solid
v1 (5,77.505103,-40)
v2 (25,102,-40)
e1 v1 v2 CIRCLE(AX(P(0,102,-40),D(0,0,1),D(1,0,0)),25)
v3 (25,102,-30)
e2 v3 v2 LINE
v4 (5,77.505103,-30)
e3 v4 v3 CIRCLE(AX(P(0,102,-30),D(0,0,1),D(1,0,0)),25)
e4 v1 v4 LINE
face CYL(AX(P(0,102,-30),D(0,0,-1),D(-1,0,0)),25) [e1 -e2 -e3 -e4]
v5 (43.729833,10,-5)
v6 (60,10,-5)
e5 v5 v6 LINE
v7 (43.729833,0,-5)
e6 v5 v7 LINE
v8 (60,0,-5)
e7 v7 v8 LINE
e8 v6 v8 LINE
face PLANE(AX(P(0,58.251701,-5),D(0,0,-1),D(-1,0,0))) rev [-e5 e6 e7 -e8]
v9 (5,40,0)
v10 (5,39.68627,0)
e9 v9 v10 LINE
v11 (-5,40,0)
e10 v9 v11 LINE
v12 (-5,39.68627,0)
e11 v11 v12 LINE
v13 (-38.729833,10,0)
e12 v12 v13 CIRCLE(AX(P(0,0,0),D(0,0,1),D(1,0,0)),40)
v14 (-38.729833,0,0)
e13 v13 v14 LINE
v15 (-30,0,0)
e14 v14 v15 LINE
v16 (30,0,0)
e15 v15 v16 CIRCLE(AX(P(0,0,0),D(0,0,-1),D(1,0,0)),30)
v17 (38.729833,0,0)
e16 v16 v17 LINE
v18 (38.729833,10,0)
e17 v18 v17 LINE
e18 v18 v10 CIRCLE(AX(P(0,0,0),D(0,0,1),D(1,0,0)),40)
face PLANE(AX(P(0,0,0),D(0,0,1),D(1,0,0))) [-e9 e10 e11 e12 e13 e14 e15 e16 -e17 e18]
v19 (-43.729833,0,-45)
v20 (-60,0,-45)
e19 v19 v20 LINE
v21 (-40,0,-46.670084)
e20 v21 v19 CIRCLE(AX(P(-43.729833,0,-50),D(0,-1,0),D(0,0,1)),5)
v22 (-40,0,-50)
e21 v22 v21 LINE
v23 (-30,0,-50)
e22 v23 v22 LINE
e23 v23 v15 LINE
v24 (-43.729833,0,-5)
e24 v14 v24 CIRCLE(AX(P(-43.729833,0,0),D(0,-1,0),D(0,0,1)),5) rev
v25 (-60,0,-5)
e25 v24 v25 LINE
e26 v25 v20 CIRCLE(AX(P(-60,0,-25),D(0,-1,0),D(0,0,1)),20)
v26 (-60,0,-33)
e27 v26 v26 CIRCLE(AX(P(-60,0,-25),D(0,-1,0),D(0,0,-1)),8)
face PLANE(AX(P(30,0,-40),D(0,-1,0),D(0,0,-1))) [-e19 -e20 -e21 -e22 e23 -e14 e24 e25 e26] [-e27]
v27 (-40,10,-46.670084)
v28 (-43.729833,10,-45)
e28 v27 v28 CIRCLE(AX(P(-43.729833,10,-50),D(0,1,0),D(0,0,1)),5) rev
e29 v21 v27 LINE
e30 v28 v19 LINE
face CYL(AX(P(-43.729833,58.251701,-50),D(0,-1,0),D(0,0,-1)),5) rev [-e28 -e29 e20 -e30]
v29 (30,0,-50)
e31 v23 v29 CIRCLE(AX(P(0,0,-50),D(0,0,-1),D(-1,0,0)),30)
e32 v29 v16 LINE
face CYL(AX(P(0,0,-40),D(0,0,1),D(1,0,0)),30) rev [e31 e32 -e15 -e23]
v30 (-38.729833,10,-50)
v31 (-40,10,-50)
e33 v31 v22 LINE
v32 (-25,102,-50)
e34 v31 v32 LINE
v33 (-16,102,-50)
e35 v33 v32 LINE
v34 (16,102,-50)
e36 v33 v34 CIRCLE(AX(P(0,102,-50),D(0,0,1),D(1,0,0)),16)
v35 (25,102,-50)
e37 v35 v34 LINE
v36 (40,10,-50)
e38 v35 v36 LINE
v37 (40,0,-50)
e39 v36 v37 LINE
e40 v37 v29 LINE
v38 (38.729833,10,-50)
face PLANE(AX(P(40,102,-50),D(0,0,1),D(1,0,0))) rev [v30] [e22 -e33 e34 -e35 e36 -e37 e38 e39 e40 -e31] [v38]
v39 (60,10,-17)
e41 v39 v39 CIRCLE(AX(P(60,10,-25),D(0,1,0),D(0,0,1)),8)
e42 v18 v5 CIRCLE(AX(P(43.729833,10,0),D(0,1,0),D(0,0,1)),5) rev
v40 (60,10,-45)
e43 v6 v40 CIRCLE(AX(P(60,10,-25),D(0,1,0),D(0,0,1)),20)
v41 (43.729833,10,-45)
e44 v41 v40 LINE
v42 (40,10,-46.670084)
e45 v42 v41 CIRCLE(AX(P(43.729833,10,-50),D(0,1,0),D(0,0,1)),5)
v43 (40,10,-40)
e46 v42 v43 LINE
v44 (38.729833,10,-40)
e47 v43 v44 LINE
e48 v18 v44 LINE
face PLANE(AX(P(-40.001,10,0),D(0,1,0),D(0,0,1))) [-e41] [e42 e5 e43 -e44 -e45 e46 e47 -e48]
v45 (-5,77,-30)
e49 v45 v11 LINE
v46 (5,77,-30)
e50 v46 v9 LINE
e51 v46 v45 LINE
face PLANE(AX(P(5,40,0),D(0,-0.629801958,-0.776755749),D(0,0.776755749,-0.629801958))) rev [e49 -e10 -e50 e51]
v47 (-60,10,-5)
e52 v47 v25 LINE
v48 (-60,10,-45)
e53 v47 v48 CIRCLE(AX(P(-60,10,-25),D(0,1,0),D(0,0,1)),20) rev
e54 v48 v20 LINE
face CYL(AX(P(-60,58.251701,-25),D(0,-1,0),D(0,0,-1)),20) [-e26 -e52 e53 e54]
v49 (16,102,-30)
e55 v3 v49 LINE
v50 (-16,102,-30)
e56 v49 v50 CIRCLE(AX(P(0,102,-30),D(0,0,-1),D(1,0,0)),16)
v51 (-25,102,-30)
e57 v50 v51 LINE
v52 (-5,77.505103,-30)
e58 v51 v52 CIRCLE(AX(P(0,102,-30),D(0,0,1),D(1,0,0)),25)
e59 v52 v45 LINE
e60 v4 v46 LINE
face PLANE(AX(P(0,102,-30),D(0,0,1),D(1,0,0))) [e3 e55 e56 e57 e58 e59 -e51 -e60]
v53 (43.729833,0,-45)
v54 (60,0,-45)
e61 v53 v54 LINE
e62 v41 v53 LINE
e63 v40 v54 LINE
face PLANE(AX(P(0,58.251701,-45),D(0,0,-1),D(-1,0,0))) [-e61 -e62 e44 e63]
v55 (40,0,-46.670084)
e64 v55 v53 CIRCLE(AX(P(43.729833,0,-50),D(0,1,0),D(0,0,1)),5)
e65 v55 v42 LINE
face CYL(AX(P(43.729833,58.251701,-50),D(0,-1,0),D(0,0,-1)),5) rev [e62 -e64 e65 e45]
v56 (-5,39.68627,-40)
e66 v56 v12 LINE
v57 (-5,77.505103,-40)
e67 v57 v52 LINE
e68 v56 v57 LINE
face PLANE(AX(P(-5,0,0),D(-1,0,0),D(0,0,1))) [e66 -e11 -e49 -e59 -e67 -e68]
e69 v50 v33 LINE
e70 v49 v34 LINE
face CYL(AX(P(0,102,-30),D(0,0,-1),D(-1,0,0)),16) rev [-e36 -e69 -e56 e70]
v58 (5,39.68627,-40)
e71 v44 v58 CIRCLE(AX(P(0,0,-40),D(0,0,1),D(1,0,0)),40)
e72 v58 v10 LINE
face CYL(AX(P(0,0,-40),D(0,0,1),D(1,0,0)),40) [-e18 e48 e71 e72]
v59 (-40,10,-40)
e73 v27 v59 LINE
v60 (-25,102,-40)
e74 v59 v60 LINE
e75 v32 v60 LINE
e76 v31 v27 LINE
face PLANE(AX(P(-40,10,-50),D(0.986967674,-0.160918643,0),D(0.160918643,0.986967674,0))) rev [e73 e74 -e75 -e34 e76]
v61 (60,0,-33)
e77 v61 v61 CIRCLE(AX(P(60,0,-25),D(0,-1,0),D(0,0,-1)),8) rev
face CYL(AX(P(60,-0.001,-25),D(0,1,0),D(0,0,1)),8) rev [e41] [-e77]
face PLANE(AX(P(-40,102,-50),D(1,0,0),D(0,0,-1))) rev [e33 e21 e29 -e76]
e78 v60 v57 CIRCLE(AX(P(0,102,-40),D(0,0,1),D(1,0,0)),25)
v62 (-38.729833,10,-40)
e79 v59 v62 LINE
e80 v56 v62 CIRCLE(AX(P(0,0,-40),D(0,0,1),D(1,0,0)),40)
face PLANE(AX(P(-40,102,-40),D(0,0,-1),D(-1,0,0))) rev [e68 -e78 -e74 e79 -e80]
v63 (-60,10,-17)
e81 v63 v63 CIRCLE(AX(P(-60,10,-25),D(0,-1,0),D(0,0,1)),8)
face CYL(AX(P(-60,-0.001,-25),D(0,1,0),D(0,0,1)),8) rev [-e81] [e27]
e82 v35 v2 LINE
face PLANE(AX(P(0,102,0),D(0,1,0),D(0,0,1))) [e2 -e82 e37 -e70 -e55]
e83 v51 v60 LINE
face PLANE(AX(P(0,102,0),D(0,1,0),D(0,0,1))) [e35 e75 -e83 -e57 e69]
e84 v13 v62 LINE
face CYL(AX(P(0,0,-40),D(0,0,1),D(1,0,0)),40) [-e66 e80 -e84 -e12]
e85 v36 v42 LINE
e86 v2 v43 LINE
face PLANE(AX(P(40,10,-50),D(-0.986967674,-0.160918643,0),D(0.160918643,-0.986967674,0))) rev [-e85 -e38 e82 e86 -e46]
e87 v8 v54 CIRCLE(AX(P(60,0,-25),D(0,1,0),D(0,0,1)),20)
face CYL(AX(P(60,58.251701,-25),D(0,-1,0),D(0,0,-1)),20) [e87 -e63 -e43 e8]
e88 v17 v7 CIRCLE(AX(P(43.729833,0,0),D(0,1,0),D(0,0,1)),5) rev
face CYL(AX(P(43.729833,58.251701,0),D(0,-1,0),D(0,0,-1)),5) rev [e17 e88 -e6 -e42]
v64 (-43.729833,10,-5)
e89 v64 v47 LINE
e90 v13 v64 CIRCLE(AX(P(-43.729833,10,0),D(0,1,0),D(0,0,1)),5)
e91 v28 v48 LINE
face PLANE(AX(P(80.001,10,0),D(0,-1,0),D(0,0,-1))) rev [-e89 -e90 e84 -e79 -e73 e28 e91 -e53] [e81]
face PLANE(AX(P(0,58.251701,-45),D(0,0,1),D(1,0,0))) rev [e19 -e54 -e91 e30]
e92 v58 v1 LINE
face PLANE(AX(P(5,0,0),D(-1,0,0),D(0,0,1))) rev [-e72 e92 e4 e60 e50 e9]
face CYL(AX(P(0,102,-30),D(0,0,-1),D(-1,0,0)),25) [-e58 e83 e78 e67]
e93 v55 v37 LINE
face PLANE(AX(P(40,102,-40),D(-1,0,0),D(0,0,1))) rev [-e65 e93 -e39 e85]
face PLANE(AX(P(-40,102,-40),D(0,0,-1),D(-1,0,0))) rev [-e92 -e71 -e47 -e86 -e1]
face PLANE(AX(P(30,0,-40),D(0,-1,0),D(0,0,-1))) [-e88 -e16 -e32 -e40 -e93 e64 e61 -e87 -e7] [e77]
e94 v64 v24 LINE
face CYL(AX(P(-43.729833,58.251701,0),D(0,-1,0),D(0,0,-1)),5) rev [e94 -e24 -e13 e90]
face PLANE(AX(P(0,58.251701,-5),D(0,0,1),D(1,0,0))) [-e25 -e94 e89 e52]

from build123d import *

# Parameters (mm, degrees)
BOSS_EXTRUDE1_DEPTH      = 40
BOSS_EXTRUDE2_REACH      = 151.282
BOSS_EXTRUDE2_END_RADIUS = 39.99999999999999
BOSS_EXTRUDE2_START      = 80
SKETCH2_W                = 50.00000000000001
SKETCH2_H                = 10
CUT_EXTRUDE6_START       = -10
CUT_EXTRUDE6_DEPTH       = 10
BOSS_EXTRUDE4_DEPTH      = 102
CUT_EXTRUDE7_REACH       = 140.939
BOSS_EXTRUDE5_DEPTH      = 10
CUT_EXTRUDE8_START       = -10
CUT_EXTRUDE8_DEPTH       = 10
CUT_EXTRUDE9_REACH       = 133.773
SKETCH9_R                = 8.000000000000012
BOSS_EXTRUDE6_DEPTH      = 5


with BuildPart() as part:
    # Sketch1 → Boss-Extrude1 (new body)
    with BuildSketch(Plane.XY):
        with BuildLine():
            Line((-39.999999999999986, 0), (-30, 0))
            ThreePointArc((-30, 0), (1.84e-15, 30), (30, 0))
            Line((30, 0), (39.99999999999999, 0))
            ThreePointArc((39.99999999999999, 0), (2.45e-15, 39.99999999999999), (-39.999999999999986, 0))
        make_face()
    extrude(amount=-BOSS_EXTRUDE1_DEPTH)

    # Boss-Extrude2: up to this cylinder (the profile starts outside it)
    boss_extrude2_end = Plane(origin=(0, 0, -25), z_dir=(0, 0, 1)) * Cylinder(BOSS_EXTRUDE2_END_RADIUS, 383.564, mode=Mode.PRIVATE)
    # Sketch2 → Boss-Extrude2 (add, up to the surface)
    with BuildSketch(Plane(origin=(0, 0, 0), x_dir=(0, 0, -1), z_dir=(1, 0, 0)).offset(BOSS_EXTRUDE2_START), mode=Mode.PRIVATE) as boss_extrude2_sk1:
        with Locations((25.000000000000004, 5)):
            Rectangle(SKETCH2_W, SKETCH2_H)
    boss_extrude2_tool1 = extrude(boss_extrude2_sk1.sketch, amount=-BOSS_EXTRUDE2_REACH, mode=Mode.PRIVATE) - boss_extrude2_end
    boss_extrude2 = boss_extrude2_tool1.solids().sort_by_distance((80, 5, -25))[0]
    add(boss_extrude2)

    # Sketch3 → Cut-Extrude6 (cut)
    with BuildSketch(Plane(origin=(0, 10, 0), x_dir=(1, 0, 0), z_dir=(0, 1, 0)).offset(CUT_EXTRUDE6_START)):
        with BuildLine():
            ThreePointArc((43.72983346207417, 5.000000000000001), (40.194299556141424, 3.5355339059327426), (38.72983346207416, 0))
            Line((38.72983346207416, 0), (80, 0))
            Line((80, 0), (80, 25.000000000000007))
            ThreePointArc((80, 25.000000000000007), (74.14213562373095, 10.857864376269053), (60, 5))
            Line((60, 5.000000000000001), (43.72983346207417, 5))
        make_face()
        with BuildLine():
            Line((80, 50), (38.72983346207416, 50))
            ThreePointArc((38.72983346207416, 50), (40.194299556141424, 46.464466094067255), (43.72983346207417, 45))
            Line((43.72983346207417, 45), (60, 45))
            ThreePointArc((60, 45), (74.14213562373095, 39.14213562373095), (80, 25.000000000000007))
            Line((80, 25.000000000000007), (80, 50))
        make_face()
    cut_extrude6 = extrude(amount=CUT_EXTRUDE6_DEPTH, mode=Mode.SUBTRACT)

    # Mirror1: Boss-Extrude2, Cut-Extrude6 across plane
    add(boss_extrude2.mirror(Plane(origin=(0, 0, 0), x_dir=(0, 0, 1), z_dir=(1, 0, 0))))
    add(cut_extrude6.mirror(Plane(origin=(0, 0, 0), x_dir=(0, 0, 1), z_dir=(1, 0, 0))), mode=Mode.SUBTRACT)

    # Sketch4 → Boss-Extrude4 (add)
    with BuildSketch(Plane(origin=(0, 0, 0), x_dir=(1, 0, 0), z_dir=(0, 1, 0))):
        Polygon((-39.99999999999999, 40), (39.99999999999999, 40), (39.99999999999999, 50.00000000000003), (-39.99999999999999, 50), align=None)
    extrude(amount=BOSS_EXTRUDE4_DEPTH)

    # Sketch6 → Cut-Extrude7 (cut, up to next)
    with BuildSketch(Plane(origin=(-1.735e-14, 0, -50.000000000000014), x_dir=(-1, 0, 3.5e-16), z_dir=(-3.5e-16, 0, -1)), mode=Mode.PRIVATE) as cut_extrude7_sk1:
        with BuildLine():
            Line((-30, 0), (30, 0))
            ThreePointArc((30, 0), (1.84e-15, 30), (-30, 0))
        make_face()
    cut_extrude7_tool1 = extrude(cut_extrude7_sk1.sketch, amount=-CUT_EXTRUDE7_REACH, mode=Mode.PRIVATE) & part.part
    add(cut_extrude7_tool1.solids().sort_by_distance((0, 12.732395, -50))[0], mode=Mode.SUBTRACT)

    # Sketch7 → Boss-Extrude5 (add)
    with BuildSketch(Plane.XY.offset(-40)):
        with BuildLine():
            Line((-25, 102), (-16, 102))
            ThreePointArc((-16, 102), (-2.94e-15, 86), (16, 102))
            Line((16, 102), (25, 102))
            ThreePointArc((25, 102), (-4.59e-15, 77), (-25, 102))
        make_face()
    extrude(amount=BOSS_EXTRUDE5_DEPTH)

    # Sketch8 → Cut-Extrude8 (cut)
    with BuildSketch(Plane.XY.offset(-40).offset(CUT_EXTRUDE8_START)):
        with BuildLine():
            Line((16, 102), (-16, 101.99999999999989))
            ThreePointArc((-16, 101.99999999999989), (5.782e-14, 85.99999999999994), (16, 102))
        make_face()
        Polygon((-25, 102), (-39.99999999999999, 102), (-39.99999999999999, 10), align=None)
        Polygon((25.000000000000004, 102), (39.99999999999999, 102), (39.99999999999999, 9.999999999999998), align=None)
    extrude(amount=CUT_EXTRUDE8_DEPTH, mode=Mode.SUBTRACT)

    # Sketch9 → Cut-Extrude9 (cut, up to next)
    with BuildSketch(Plane(origin=(0, 10, 0), x_dir=(1, 0, 0), z_dir=(0, 1, 0)), mode=Mode.PRIVATE) as cut_extrude9_sk1:
        with Locations(Location((60, 25, 0), (0, 0, 270))):
            Circle(SKETCH9_R)
    cut_extrude9_tool1 = extrude(cut_extrude9_sk1.sketch, amount=-CUT_EXTRUDE9_REACH, mode=Mode.PRIVATE) & part.part
    cut_extrude9 = cut_extrude9_tool1.solids().sort_by_distance((60, 10, -25))[0]
    add(cut_extrude9, mode=Mode.SUBTRACT)

    # Mirror2: Cut-Extrude9 across plane
    add(cut_extrude9.mirror(Plane(origin=(0, 0, 0), x_dir=(0, 0, 1), z_dir=(1, 0, 0))), mode=Mode.SUBTRACT)

    # Sketch11 → Boss-Extrude6 (add, symmetric)
    with BuildSketch(Plane(origin=(0, 0, 0), x_dir=(0, 0, -1), z_dir=(1, 0, 0))):
        Polygon((0, 30), (0, 39.99999999999999), (30, 76.99999999999999), (30, 86), (40, 86), (40, 30), align=None)
    extrude(amount=BOSS_EXTRUDE6_DEPTH, both=True)


solid = part.part
